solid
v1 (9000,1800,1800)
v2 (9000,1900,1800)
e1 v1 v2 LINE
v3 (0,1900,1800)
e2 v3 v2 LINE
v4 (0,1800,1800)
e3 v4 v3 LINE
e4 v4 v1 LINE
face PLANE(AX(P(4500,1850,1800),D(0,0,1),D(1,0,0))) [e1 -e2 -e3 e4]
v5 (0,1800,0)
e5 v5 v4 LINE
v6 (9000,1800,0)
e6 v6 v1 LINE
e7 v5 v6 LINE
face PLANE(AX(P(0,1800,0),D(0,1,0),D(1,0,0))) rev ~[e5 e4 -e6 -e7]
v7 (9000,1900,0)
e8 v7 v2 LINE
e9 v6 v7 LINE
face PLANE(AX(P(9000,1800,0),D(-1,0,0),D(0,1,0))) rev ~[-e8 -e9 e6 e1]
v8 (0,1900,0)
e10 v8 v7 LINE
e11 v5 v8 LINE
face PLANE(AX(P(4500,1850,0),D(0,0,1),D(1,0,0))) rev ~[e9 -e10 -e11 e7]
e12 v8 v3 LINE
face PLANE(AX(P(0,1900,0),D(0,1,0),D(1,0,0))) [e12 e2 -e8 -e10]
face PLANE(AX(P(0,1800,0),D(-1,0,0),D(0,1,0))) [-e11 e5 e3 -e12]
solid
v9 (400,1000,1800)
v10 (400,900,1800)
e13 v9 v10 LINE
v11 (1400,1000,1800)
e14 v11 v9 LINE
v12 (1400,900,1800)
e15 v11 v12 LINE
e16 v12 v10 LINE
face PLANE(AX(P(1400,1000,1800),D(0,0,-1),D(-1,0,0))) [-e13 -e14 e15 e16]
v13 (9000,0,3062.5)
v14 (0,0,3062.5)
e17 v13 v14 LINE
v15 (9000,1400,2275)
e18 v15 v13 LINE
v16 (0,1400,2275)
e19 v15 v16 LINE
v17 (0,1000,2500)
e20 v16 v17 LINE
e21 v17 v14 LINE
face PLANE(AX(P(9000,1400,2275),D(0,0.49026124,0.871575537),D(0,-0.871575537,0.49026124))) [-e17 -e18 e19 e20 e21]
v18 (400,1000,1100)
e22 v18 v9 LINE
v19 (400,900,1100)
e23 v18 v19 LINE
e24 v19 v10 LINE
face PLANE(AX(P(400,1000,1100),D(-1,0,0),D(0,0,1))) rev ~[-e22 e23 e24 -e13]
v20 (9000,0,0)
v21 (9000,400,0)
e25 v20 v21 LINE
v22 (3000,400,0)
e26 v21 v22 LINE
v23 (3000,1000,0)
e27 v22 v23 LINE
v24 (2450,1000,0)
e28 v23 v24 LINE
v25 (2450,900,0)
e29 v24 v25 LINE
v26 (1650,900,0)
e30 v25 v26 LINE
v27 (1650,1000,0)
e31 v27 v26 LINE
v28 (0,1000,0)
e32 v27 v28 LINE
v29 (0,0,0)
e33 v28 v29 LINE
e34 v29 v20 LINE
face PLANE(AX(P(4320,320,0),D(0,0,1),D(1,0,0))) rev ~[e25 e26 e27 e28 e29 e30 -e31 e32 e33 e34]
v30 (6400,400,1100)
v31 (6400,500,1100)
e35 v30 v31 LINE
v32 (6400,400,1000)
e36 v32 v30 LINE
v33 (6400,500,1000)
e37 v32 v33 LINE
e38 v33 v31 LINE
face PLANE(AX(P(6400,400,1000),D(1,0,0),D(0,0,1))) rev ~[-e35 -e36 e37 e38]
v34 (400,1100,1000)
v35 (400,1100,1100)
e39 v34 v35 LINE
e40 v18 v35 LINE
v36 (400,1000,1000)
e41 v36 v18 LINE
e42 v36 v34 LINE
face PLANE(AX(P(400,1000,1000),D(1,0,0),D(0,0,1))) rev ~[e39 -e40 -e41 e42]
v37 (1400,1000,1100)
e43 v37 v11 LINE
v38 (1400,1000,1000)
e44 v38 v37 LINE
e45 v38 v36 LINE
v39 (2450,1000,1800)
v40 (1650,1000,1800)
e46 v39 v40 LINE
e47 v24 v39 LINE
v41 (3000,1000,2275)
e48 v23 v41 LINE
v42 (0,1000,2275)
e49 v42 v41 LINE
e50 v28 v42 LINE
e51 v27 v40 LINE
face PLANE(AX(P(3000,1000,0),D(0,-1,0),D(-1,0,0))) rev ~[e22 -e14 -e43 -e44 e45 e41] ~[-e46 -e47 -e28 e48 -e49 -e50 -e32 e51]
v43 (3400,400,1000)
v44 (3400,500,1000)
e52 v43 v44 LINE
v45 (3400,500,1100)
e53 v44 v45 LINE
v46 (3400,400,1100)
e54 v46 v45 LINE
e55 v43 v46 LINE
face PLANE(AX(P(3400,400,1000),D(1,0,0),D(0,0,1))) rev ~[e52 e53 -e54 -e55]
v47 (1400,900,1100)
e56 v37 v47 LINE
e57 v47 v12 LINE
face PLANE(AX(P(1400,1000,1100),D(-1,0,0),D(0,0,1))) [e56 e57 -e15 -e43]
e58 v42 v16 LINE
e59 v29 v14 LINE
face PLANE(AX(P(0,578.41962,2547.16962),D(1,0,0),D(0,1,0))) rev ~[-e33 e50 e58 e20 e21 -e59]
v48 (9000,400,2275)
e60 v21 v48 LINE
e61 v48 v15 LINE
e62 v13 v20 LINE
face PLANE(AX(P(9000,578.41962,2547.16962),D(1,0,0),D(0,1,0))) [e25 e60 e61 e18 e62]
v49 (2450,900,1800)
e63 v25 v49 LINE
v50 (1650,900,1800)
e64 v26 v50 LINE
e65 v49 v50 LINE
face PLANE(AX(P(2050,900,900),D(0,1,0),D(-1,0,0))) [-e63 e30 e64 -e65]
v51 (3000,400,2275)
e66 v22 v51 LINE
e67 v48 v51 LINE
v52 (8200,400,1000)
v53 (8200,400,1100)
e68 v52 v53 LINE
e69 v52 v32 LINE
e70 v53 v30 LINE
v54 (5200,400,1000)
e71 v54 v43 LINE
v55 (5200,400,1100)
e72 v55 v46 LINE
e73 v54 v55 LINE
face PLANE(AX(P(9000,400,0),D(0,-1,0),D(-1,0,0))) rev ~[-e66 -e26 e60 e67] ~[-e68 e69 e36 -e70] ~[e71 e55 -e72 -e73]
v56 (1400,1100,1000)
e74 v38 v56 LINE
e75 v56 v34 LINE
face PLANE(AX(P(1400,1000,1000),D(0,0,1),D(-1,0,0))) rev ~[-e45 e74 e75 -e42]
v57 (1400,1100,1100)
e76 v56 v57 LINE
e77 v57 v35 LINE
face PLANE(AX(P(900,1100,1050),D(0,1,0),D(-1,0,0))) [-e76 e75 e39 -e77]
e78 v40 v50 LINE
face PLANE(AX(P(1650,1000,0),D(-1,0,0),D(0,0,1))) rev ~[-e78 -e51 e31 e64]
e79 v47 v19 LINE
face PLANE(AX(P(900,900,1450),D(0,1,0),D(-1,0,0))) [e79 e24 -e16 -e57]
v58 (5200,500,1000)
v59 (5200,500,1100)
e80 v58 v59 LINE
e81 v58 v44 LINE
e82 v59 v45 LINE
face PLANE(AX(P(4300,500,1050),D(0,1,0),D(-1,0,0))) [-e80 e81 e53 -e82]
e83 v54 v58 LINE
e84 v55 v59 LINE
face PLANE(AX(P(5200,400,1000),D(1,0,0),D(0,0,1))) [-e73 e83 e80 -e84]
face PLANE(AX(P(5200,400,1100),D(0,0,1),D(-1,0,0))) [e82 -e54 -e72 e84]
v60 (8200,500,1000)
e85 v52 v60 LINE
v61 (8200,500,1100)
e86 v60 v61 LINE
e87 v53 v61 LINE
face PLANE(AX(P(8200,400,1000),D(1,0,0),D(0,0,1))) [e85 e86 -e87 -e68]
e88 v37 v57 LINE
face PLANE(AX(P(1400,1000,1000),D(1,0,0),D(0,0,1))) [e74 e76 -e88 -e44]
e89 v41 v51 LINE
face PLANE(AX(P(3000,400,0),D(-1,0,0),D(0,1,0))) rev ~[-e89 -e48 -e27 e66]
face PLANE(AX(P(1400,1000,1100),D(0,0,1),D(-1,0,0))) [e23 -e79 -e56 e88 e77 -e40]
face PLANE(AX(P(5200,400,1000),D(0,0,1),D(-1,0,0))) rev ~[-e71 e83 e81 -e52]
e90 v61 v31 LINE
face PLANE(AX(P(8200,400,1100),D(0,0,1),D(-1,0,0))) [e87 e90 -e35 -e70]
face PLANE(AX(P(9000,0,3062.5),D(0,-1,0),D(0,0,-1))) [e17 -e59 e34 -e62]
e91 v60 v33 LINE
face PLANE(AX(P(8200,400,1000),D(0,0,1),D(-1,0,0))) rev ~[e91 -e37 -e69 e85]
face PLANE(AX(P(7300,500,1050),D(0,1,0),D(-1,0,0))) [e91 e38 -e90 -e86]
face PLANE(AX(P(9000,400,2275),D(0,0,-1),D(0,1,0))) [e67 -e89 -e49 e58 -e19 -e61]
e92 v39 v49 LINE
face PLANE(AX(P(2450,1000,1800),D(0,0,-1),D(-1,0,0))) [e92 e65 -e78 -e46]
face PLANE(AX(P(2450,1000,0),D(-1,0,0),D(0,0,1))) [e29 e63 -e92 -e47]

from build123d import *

# Parameters (mm, degrees)
F1_DEPTH  = 2500
F0_W      = 9000
F0_H      = 100
F2_DEPTH  = 1800
F3_W      = 1000
F3_H      = 100
F4_DEPTH  = 100
F5_W      = 1000
F5_H      = 700
F5_W_2    = 800
F5_H_2    = 1800
F6_DEPTH  = 100
F7_W      = 1800
F7_H      = 100
F8_DEPTH  = 100
F10_DEPTH = 9000


with BuildPart() as f1:
    # F0 (on Top) → F1 (new body)
    with BuildSketch(Plane.XY):
        Polygon((0, 1000), (0, 0), (9000, 0), (9000, 400), (3000, 400), (3000, 1000), align=None)
    extrude(amount=F1_DEPTH)

    # F3 (on face) → F4 (join)
    with BuildSketch(Plane(origin=(0, 1000, 0), x_dir=(-1, 0, 0), z_dir=(0, 1, 0))):
        with Locations((-900, 1050)):
            Rectangle(F3_W, F3_H)
    extrude(amount=F4_DEPTH)

    # F5 (on face) → F6 (cut)
    with BuildSketch(Plane(origin=(0, 1000, 0), x_dir=(-1, 0, 0), z_dir=(0, 1, 0))):
        with Locations((-900, 1450)):
            Rectangle(F5_W, F5_H)
        with Locations((-2050, 900)):
            Rectangle(F5_W_2, F5_H_2)
    extrude(amount=-F6_DEPTH, mode=Mode.SUBTRACT)

    # F7 (on face) → F8 (join)
    with BuildSketch(Plane(origin=(0, 400, 0), x_dir=(-1, 0, 0), z_dir=(0, 1, 0))):
        with Locations((-4300, 1050)):
            Rectangle(F7_W, F7_H)
        with Locations((-7300, 1050)):
            Rectangle(F7_W, F7_H)
    extrude(amount=F8_DEPTH)

    # F9 (on face) → F10 (join, through all)
    with BuildSketch(Plane.YZ.offset(9000)):
        Polygon((400, 2500), (400, 2275), (1400, 2275), (0, 3062.5), (0, 2500), align=None)
    extrude(amount=-F10_DEPTH)


with BuildPart() as f2:
    # F0 (on Top) → F2 (new body)
    with BuildSketch(Plane.XY):
        with Locations((4500, 1850)):
            Rectangle(F0_W, F0_H)
    extrude(amount=F2_DEPTH)


solid = Compound([f1.part, f2.part])
